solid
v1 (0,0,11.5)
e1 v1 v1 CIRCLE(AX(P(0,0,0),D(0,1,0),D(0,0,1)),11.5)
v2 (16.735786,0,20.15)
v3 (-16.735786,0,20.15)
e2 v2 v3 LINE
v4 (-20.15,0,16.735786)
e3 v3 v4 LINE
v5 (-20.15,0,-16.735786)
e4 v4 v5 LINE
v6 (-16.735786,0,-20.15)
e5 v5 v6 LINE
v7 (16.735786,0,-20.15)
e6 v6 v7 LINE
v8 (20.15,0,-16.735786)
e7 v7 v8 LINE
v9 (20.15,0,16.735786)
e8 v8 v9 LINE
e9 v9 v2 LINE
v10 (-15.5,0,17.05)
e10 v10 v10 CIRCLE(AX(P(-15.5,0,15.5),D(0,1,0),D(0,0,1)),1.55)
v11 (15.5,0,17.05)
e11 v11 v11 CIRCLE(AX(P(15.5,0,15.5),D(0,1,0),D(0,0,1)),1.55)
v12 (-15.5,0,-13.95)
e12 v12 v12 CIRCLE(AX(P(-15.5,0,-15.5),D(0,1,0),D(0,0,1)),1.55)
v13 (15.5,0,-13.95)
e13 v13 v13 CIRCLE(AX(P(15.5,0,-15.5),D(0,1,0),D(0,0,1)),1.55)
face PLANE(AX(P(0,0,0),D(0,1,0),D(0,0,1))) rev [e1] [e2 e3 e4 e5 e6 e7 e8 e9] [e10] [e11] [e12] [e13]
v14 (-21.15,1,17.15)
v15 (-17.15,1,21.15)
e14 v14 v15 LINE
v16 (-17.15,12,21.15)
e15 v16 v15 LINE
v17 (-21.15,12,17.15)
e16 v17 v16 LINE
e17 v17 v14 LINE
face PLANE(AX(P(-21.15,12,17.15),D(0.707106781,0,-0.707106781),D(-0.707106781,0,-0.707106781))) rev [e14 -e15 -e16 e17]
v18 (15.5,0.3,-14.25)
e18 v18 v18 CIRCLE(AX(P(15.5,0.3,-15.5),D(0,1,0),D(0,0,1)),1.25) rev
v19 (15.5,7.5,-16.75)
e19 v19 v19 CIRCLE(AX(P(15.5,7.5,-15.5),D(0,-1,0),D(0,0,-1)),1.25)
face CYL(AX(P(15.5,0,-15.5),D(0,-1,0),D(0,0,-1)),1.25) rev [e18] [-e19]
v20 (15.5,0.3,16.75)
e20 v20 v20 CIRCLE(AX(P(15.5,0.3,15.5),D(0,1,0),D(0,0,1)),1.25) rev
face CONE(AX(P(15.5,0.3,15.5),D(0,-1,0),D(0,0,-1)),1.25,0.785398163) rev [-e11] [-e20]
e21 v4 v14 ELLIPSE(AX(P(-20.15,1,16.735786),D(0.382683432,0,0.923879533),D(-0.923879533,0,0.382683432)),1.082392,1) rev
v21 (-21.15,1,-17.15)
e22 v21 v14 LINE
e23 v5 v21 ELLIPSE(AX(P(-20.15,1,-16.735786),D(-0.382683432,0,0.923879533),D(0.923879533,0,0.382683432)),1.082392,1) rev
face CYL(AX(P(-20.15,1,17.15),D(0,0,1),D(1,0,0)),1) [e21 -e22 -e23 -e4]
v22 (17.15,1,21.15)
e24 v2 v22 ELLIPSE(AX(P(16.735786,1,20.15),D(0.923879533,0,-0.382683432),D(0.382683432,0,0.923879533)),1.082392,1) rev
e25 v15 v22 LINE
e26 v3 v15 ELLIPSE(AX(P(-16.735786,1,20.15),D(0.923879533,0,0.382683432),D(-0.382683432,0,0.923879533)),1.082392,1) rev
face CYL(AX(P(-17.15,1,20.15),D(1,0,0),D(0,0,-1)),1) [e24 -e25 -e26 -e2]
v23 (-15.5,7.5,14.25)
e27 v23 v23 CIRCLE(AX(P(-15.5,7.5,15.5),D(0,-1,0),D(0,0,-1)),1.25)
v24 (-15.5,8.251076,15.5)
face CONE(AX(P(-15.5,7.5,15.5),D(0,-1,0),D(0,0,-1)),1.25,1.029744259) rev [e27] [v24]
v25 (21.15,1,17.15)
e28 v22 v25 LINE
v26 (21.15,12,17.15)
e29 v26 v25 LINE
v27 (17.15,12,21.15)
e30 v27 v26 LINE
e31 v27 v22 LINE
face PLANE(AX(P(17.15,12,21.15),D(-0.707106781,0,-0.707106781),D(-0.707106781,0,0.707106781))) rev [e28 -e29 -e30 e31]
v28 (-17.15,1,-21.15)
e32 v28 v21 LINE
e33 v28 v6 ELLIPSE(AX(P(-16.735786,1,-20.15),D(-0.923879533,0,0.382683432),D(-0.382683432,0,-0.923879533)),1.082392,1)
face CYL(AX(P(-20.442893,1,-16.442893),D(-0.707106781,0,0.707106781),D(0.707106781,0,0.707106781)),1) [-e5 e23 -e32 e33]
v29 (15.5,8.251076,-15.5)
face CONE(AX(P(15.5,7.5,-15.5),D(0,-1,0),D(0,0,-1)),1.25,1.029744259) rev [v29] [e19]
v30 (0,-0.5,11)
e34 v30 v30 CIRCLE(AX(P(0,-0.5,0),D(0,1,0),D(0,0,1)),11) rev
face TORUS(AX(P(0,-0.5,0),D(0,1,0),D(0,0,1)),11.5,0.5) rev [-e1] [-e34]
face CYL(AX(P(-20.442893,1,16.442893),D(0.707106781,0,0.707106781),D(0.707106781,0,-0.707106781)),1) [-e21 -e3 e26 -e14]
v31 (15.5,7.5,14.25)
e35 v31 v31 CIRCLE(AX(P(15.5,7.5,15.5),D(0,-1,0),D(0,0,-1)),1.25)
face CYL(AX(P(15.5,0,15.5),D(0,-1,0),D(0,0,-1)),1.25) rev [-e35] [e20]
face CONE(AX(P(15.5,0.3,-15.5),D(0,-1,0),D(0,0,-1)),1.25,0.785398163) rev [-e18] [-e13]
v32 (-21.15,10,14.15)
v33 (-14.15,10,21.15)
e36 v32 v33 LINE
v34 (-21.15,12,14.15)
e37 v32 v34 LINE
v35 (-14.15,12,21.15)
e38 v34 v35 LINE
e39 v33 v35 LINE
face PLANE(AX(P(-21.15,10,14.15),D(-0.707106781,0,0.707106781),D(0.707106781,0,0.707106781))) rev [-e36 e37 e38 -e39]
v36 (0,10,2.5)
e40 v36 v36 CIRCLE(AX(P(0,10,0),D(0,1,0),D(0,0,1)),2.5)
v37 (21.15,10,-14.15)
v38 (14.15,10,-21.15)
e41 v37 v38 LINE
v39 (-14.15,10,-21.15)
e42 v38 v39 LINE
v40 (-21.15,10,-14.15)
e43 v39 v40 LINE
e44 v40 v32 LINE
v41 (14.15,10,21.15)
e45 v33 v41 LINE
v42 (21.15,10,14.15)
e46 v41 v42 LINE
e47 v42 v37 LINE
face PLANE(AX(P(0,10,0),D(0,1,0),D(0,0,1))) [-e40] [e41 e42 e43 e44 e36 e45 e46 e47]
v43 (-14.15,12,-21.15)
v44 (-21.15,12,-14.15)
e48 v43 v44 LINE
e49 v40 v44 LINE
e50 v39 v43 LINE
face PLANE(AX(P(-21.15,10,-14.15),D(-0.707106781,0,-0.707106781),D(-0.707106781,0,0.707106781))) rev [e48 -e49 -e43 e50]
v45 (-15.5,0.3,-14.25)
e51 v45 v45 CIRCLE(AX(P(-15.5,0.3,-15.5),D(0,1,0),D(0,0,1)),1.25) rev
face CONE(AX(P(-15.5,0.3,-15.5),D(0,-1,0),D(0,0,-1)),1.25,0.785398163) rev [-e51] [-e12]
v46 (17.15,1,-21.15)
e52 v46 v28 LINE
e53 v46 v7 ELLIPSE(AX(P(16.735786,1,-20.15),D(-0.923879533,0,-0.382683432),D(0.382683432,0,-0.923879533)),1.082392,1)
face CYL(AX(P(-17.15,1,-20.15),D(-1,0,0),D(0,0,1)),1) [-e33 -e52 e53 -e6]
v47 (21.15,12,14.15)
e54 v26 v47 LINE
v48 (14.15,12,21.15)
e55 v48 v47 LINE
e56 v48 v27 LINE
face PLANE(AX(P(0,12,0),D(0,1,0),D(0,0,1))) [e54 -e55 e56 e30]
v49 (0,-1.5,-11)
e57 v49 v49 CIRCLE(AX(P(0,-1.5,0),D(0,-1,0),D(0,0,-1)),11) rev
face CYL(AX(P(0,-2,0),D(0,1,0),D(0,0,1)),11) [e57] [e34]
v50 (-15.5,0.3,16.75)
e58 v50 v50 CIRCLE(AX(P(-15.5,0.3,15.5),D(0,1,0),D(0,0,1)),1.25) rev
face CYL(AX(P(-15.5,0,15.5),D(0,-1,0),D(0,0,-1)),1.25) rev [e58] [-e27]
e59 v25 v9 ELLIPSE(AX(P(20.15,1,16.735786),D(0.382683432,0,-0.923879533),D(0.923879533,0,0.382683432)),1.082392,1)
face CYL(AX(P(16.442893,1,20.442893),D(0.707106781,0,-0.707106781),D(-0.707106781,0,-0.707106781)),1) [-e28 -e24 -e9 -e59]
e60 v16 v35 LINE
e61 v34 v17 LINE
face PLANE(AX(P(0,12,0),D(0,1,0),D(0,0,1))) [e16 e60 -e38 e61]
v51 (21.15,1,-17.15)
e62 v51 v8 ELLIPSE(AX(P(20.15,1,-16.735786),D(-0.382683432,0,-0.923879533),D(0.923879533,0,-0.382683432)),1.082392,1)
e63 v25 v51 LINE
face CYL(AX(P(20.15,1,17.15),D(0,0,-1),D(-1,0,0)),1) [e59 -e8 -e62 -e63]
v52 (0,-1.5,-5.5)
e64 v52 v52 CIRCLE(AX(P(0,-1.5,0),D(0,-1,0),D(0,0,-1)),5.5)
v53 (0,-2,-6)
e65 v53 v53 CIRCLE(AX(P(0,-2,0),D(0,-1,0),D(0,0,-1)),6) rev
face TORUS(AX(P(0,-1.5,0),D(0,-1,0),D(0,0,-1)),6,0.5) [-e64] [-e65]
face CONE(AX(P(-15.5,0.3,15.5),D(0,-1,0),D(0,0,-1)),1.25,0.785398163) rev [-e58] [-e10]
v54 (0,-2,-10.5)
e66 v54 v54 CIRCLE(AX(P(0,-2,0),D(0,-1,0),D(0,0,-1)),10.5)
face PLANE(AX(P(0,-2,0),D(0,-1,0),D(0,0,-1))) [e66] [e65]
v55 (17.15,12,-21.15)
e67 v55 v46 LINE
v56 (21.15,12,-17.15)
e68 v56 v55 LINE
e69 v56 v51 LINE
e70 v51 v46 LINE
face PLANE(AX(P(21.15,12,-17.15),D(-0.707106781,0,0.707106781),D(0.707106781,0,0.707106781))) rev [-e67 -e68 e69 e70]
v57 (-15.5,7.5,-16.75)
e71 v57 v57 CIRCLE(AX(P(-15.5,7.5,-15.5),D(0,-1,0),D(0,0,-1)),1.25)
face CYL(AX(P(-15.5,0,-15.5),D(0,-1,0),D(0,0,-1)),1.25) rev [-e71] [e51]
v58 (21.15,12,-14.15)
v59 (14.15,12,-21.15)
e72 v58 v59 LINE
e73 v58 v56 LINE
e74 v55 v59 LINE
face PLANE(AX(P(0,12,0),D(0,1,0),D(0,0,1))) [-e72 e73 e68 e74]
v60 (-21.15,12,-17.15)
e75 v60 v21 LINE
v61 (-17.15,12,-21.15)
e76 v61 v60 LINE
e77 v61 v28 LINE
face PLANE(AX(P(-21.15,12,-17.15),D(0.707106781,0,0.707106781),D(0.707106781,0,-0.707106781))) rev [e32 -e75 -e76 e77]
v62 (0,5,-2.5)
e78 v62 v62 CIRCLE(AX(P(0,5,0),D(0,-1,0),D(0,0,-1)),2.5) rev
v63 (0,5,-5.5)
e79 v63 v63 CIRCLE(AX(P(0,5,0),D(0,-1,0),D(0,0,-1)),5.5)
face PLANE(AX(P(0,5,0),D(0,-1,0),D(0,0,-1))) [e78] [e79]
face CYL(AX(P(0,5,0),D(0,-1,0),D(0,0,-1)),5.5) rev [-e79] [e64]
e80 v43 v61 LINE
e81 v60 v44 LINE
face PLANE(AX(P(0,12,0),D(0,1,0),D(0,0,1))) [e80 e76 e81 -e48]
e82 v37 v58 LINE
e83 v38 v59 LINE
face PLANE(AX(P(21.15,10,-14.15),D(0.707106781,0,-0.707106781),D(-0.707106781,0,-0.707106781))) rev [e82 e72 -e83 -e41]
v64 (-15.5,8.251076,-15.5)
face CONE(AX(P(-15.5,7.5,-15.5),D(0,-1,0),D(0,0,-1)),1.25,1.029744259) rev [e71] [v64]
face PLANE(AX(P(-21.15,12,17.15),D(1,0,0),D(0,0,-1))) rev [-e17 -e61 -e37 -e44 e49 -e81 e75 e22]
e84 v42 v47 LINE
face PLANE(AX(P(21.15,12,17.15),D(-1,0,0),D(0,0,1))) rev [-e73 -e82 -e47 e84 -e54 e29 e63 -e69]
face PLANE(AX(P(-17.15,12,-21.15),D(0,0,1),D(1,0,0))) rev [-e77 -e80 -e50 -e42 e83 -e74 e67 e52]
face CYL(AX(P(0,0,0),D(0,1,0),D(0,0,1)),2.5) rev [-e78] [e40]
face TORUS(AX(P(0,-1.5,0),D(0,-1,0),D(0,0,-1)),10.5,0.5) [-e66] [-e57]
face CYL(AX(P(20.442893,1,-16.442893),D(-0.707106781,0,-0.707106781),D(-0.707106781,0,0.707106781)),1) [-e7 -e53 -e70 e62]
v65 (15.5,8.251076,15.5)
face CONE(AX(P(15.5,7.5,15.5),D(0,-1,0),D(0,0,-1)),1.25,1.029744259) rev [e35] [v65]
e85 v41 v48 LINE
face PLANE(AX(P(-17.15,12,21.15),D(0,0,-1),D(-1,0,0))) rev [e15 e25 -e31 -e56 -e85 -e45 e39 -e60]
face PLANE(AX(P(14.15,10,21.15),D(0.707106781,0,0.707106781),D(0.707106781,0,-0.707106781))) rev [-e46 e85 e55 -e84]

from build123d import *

# Parameters (mm, degrees)
BOSS_EXTRUDE3_DEPTH   = 12
CUT_EXTRUDE5_DEPTH    = 2
SKETCH12_R            = 2.5
CUT_EXTRUDE6_DEPTH    = 11
SKETCH13_R            = 5.5
CUT_EXTRUDE7_DEPTH    = 5
SKETCH16_R            = 11
SKETCH16_R_2          = 5.5
BOSS_EXTRUDE4_DEPTH   = 2
FILLET3_R             = 1
FILLET4_R             = 0.5
M3_TAPPED_HOLE1_D     = 2.5
M3_TAPPED_HOLE1_DEPTH = 7.5
M3_TAPPED_HOLE1_TIP   = 0.751075774
CHAMFER1_SIZE         = 0.3


with BuildPart() as part:
    # Sketch10 → Boss-Extrude3 (new body)
    with BuildSketch(Plane(origin=(0, 0, 0), x_dir=(1, 0, 0), z_dir=(0, 1, 0))):
        Polygon((-21.15, 17.15), (-17.15, 21.15), (17.15, 21.15), (21.15, 17.15), (21.15, -17.15), (17.15, -21.15), (-17.15, -21.15), (-21.15, -17.15), align=None)
    extrude(amount=BOSS_EXTRUDE3_DEPTH)

    # Sketch11 → Cut-Extrude5 (cut)
    with BuildSketch(Plane(origin=(0, 12, 0), x_dir=(1, 0, 0), z_dir=(0, 1, 0))):
        Polygon((-14.15, -21.15), (14.15, -21.15), (21.15, -14.15), (21.15, 14.15), (14.15, 21.15), (-14.15, 21.15), (-21.15, 14.15), (-21.15, -14.15), align=None)
    extrude(amount=-CUT_EXTRUDE5_DEPTH, mode=Mode.SUBTRACT)

    # Sketch12 → Cut-Extrude6 (cut, through all)
    with BuildSketch(Plane(origin=(0, 10, 0), x_dir=(1, 0, 0), z_dir=(0, 1, 0))):
        Circle(SKETCH12_R)
    extrude(amount=-CUT_EXTRUDE6_DEPTH, mode=Mode.SUBTRACT)

    # Sketch13 → Cut-Extrude7 (cut)
    with BuildSketch(Plane.XZ):
        Circle(SKETCH13_R)
    extrude(amount=-CUT_EXTRUDE7_DEPTH, mode=Mode.SUBTRACT)

    # Sketch16 → Boss-Extrude4 (add)
    with BuildSketch(Plane.XZ):
        Circle(SKETCH16_R)
        Circle(SKETCH16_R_2, mode=Mode.SUBTRACT)
    extrude(amount=BOSS_EXTRUDE4_DEPTH)

    # Fillet3
    fillet3_edges = [part.edges().sort_by_distance(p)[0] for p in [
        (-19.15, 0, -19.15),
        (0, 0, -21.15),
        (19.15, 0, -19.15),
        (21.15, 0, 0),
        (19.15, 0, 19.15),
        (0, 0, 21.15),
        (-19.15, 0, 19.15),
        (-21.15, 0, 0),
    ]]
    fillet(fillet3_edges, radius=FILLET3_R)

    # Fillet4
    fillet4_edges = [part.edges().sort_by_distance(p)[0] for p in [
        (-11, 0, 0),
        (-11, -2, 0),
        (-5.5, -2, 0),
    ]]
    fillet(fillet4_edges, radius=FILLET4_R)

    # M3 Tapped Hole1
    with Locations(Plane(origin=(0, 0, 0), x_dir=(-1, 0, 0), z_dir=(0, -1, 0))):
        with Locations((-15.5, -15.5), (15.5, -15.5), (15.5, 15.5), (-15.5, 15.5)):
            Hole(M3_TAPPED_HOLE1_D / 2, depth=M3_TAPPED_HOLE1_DEPTH)
            with Locations((0, 0, -(M3_TAPPED_HOLE1_DEPTH + M3_TAPPED_HOLE1_TIP / 2))):  # 118° drill point
                Cone(0, M3_TAPPED_HOLE1_D / 2, M3_TAPPED_HOLE1_TIP, mode=Mode.SUBTRACT)

    # Chamfer1
    chamfer1_edges = [part.edges().sort_by_distance(p)[0] for p in [
        (14.25, 0, -15.5),
        (-16.75, 0, -15.5),
        (-16.75, 0, 15.5),
        (14.25, 0, 15.5),
    ]]
    chamfer(chamfer1_edges, length=CHAMFER1_SIZE)


solid = part.part
